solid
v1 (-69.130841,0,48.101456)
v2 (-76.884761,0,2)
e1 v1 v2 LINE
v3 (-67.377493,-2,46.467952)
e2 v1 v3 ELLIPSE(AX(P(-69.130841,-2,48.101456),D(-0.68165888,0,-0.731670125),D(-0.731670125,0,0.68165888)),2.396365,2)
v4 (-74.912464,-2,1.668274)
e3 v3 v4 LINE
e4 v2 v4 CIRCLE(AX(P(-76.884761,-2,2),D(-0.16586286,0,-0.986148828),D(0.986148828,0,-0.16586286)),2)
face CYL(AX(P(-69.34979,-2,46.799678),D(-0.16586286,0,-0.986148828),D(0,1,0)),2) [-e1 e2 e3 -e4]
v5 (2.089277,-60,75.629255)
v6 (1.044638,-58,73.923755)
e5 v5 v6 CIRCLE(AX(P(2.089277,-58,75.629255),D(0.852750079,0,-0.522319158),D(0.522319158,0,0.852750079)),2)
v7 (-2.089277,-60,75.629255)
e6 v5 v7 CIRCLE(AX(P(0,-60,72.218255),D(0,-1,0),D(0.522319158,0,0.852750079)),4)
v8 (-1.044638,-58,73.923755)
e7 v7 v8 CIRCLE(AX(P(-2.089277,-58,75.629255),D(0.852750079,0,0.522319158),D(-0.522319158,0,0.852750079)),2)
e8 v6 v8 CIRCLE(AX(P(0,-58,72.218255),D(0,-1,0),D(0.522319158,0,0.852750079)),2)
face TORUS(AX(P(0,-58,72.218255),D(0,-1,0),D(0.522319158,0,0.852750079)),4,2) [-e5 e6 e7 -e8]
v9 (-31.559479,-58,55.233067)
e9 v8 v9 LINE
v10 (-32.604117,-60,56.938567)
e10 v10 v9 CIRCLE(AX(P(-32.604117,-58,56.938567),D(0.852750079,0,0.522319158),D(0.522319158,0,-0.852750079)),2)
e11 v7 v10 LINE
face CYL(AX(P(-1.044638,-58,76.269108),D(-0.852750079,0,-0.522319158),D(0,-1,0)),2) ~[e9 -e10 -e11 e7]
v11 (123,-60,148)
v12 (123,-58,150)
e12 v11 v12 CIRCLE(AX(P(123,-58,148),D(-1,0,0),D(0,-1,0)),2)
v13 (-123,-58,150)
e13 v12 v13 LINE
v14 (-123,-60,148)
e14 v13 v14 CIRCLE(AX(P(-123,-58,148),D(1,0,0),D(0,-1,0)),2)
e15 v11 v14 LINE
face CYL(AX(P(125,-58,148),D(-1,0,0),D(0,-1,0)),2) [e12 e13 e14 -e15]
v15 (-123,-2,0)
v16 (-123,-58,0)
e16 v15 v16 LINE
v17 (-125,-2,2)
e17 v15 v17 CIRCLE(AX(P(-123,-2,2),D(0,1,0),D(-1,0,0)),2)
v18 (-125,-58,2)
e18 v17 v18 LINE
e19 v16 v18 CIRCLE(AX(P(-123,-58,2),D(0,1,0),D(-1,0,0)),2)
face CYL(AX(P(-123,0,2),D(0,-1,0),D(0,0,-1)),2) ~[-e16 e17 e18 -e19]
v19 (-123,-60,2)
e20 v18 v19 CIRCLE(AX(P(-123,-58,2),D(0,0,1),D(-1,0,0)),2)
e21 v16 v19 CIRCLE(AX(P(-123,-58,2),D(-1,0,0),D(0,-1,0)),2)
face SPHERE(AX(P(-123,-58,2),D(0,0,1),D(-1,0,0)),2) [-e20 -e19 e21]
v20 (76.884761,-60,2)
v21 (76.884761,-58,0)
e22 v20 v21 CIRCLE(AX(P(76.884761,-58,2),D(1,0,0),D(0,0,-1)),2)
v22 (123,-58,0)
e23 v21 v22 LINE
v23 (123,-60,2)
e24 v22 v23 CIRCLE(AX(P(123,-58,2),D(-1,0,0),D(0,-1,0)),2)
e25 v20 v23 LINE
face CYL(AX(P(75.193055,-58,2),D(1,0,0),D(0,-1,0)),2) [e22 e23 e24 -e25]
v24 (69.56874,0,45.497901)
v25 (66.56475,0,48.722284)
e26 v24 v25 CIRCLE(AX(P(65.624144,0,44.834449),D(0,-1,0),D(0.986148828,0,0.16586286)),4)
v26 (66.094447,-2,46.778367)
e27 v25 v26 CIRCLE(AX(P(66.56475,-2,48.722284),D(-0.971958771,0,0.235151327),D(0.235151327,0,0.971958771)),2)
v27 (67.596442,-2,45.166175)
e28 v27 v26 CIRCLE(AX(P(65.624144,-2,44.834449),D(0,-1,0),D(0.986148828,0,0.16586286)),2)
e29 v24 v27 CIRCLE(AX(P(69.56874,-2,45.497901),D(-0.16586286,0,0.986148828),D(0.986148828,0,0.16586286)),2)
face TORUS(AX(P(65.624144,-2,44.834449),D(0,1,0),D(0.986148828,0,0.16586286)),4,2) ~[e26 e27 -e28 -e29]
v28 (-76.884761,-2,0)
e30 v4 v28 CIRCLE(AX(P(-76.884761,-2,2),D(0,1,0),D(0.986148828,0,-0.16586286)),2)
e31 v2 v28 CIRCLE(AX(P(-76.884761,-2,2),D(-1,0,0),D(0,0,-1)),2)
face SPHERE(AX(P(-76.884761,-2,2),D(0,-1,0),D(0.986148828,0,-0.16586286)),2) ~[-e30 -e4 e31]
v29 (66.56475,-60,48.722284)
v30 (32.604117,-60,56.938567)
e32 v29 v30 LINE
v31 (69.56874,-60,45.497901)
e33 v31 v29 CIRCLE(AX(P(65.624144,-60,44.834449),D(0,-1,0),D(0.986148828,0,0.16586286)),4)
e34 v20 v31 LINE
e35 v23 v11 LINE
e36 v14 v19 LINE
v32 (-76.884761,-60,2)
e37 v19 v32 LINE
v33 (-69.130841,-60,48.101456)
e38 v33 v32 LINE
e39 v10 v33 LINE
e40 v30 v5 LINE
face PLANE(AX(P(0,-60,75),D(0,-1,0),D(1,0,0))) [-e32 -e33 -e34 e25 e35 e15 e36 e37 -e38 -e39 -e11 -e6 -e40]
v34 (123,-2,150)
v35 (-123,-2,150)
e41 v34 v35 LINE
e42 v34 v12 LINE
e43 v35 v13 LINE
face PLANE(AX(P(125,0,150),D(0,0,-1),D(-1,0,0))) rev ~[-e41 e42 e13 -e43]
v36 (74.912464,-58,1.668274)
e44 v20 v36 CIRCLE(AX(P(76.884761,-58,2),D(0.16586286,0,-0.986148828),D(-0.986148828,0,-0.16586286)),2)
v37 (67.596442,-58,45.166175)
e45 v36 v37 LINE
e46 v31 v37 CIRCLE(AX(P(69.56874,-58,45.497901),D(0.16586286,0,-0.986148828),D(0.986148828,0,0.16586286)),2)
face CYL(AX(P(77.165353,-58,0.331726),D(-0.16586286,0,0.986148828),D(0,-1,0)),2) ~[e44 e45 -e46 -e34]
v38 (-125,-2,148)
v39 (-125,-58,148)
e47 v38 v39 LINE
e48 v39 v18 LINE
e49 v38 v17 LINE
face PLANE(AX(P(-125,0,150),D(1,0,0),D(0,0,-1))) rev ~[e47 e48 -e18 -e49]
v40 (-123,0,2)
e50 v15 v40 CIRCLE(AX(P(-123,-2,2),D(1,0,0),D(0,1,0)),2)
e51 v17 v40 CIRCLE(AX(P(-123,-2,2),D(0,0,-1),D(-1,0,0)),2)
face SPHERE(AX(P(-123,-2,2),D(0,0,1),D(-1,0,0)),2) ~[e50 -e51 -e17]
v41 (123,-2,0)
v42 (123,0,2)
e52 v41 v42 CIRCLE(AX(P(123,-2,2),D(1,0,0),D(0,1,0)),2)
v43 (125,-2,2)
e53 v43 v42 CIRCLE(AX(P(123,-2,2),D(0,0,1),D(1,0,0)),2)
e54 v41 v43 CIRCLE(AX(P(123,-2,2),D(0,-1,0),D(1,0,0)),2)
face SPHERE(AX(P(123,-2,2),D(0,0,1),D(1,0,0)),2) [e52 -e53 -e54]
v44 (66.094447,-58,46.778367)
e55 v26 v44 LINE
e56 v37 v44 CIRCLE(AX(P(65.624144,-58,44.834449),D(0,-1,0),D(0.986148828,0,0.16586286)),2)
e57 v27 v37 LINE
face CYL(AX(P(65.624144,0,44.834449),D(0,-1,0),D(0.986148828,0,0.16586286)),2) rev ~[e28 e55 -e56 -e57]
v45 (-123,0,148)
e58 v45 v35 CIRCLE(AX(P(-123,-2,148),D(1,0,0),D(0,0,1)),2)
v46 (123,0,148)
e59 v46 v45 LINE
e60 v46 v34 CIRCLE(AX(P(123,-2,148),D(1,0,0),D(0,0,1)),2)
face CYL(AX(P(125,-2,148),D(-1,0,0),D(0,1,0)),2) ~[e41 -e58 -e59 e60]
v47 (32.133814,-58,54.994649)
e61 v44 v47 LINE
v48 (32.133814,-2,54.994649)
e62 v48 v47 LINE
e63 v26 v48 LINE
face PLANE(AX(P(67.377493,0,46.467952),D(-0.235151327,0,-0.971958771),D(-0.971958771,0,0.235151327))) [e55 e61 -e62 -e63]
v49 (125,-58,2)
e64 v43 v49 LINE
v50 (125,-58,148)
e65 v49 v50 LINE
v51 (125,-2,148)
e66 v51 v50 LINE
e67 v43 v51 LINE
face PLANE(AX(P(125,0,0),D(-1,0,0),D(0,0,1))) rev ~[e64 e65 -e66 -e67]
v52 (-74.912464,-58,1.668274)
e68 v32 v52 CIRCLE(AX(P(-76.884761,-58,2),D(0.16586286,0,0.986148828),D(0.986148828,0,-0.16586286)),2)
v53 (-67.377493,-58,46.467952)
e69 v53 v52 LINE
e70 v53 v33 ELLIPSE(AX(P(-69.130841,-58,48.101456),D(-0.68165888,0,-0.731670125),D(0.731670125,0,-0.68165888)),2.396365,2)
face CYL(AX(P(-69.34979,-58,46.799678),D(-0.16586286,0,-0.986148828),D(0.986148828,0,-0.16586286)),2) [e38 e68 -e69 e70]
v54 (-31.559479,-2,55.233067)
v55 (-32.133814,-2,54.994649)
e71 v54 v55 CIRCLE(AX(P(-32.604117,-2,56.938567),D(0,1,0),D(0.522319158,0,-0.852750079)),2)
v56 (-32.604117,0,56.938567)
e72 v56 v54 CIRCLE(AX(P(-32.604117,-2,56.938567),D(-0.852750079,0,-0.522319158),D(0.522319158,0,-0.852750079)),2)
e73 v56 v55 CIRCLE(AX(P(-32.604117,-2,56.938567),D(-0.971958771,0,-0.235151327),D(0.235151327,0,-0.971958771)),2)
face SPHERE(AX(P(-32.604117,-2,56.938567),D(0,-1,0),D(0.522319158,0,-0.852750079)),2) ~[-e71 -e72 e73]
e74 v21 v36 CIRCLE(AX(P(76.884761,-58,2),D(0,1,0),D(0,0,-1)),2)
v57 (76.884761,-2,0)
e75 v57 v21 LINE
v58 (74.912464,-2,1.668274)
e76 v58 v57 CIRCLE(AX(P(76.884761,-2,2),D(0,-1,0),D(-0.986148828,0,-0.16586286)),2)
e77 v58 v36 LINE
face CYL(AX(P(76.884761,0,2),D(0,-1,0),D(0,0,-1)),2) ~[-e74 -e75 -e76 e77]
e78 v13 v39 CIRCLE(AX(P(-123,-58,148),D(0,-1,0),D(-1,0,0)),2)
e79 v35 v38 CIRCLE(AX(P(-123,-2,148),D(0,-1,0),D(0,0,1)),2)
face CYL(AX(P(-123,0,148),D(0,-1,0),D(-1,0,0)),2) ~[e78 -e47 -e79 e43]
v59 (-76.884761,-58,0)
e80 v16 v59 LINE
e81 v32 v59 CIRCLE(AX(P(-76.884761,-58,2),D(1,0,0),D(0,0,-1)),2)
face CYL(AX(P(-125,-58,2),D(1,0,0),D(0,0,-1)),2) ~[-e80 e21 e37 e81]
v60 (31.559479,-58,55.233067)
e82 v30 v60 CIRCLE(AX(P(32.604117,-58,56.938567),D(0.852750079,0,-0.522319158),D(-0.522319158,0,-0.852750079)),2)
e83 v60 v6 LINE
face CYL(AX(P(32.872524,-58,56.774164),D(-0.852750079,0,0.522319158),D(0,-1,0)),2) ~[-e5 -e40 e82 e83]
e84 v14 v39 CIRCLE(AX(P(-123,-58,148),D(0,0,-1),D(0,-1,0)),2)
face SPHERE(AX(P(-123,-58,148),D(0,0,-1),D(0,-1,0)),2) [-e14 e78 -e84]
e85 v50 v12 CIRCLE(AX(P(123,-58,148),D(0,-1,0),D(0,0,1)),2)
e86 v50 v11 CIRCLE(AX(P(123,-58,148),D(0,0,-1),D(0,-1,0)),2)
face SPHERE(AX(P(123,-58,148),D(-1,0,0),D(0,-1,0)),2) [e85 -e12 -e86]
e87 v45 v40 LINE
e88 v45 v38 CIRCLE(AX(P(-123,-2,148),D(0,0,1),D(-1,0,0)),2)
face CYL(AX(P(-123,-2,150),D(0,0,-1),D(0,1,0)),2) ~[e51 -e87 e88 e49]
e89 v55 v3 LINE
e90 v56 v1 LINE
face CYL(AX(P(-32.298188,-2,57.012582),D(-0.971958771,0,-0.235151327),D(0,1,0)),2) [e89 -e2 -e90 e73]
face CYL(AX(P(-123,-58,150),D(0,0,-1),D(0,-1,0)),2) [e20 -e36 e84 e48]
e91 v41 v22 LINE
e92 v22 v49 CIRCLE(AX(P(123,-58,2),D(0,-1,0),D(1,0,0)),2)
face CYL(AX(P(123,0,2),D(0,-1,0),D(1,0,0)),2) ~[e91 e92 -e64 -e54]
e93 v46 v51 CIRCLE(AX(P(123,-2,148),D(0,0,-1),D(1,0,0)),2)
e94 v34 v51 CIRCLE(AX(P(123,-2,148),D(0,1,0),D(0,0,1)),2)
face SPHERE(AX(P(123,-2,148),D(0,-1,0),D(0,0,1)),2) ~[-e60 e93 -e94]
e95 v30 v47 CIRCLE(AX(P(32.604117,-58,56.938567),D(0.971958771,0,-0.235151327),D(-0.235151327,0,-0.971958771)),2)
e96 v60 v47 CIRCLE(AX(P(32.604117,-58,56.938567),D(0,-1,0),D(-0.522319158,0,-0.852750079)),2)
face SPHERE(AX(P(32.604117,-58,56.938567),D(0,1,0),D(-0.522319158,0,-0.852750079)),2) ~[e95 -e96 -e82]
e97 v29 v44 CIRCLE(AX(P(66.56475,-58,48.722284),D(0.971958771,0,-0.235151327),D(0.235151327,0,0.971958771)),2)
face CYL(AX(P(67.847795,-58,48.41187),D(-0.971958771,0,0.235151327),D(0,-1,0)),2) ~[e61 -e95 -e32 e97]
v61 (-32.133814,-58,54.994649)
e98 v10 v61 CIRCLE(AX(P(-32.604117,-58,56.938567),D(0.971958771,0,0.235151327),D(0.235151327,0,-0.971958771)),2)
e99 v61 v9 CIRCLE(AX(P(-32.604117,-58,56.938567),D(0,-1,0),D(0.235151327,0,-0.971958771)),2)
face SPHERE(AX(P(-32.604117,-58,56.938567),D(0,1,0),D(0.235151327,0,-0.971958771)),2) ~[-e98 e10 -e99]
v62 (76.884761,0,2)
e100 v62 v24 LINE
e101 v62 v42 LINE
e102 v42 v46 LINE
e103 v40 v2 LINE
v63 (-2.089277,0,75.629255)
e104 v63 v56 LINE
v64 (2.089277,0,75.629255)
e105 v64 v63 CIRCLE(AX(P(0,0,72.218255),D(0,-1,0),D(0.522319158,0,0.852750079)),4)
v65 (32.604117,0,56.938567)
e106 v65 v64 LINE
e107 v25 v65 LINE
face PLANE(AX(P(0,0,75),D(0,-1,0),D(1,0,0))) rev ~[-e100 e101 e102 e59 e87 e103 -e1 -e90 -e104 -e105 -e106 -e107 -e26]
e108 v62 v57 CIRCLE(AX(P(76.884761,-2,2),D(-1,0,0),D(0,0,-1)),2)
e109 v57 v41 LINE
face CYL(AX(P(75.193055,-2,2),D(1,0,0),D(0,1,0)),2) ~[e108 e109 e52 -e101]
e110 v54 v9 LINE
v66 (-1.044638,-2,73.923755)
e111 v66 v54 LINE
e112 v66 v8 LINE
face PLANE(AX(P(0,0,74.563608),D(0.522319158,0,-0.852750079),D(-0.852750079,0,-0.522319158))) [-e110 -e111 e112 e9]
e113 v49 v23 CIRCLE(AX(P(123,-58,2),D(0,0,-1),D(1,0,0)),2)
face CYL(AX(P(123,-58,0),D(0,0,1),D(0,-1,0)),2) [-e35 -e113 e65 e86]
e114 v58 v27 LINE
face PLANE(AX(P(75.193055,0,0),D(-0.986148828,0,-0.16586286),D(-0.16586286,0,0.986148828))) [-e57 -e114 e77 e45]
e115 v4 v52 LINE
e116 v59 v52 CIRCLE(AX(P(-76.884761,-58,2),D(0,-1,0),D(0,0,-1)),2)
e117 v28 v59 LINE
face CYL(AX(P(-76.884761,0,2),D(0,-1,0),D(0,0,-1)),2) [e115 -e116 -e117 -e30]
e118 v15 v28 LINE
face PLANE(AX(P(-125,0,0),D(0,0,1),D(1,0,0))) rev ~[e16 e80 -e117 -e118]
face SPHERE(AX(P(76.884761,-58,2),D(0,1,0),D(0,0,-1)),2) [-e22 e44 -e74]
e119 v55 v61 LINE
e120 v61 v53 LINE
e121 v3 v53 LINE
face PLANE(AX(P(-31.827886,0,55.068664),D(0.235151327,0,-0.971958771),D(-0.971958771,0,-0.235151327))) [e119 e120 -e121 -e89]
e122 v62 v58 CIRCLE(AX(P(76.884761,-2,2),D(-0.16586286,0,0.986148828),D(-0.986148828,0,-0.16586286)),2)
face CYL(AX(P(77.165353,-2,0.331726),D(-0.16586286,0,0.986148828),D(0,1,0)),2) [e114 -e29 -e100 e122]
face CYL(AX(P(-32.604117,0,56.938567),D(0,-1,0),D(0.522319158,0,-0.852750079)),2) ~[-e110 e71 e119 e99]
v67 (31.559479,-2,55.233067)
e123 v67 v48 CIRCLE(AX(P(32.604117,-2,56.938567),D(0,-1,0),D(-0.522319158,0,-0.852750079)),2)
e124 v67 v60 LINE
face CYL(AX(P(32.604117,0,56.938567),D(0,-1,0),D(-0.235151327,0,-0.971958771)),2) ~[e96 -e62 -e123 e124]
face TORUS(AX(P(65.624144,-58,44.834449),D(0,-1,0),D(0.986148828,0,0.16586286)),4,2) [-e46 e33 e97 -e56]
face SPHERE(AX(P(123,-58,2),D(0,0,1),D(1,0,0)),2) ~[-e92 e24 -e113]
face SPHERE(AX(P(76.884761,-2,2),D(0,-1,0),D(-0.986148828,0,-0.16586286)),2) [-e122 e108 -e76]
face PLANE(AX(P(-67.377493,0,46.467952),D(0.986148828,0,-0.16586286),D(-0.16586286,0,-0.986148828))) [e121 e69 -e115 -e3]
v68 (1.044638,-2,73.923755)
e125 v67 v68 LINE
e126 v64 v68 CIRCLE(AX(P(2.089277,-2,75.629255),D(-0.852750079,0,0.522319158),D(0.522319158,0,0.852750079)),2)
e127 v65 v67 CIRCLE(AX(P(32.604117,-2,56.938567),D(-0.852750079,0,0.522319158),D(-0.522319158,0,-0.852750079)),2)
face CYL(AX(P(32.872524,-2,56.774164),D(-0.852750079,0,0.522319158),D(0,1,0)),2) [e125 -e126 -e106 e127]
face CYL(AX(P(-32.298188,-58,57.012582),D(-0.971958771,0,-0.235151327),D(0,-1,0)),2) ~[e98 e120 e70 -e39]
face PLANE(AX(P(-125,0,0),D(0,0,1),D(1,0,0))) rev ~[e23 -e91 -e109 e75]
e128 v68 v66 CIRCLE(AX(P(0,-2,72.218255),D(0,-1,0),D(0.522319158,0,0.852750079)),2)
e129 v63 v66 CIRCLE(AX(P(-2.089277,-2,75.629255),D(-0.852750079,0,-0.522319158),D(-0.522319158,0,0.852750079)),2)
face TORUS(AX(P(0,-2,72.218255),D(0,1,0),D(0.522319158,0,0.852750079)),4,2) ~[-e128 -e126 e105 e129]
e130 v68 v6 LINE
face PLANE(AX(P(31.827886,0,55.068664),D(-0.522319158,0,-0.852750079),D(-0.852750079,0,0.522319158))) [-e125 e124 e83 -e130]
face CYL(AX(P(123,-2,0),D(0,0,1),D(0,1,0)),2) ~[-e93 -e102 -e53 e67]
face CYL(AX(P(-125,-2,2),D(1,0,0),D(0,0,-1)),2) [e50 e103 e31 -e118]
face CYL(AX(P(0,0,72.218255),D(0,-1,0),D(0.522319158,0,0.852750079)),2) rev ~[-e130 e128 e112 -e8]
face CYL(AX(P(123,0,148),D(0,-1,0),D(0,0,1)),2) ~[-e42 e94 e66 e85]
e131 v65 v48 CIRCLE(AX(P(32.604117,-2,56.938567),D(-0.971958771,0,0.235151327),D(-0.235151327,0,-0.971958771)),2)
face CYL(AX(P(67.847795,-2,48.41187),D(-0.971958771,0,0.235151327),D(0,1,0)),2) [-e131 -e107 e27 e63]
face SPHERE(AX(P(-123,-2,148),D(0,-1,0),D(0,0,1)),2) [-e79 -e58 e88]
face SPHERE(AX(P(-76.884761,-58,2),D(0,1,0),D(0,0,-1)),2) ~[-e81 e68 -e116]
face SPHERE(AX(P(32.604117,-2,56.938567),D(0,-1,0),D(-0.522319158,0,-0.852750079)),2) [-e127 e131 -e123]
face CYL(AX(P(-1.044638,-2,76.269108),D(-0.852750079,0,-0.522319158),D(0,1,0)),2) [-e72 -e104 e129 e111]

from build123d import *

# Parameters (mm, degrees)
F1_DEPTH = 60
F3_DEPTH = 60
F4_R     = 2


with BuildPart() as f1:
    # F0 (on Front) → F1 (new body)
    with BuildSketch(Plane.XZ):
        Polygon((-125, 0), (0, 0), (125, 0), (125, 150), (-125, 150), align=None)
    extrude(amount=F1_DEPTH)

    # F2 (on Front) → F3 (cut)
    with BuildSketch(Plane.XZ):
        Polygon((-67.3774927855, 46.4679524302), (-75.1930549741, 0), (75.1930549741, 0), (67.3774927855, 46.4679524302), (31.8278856575, 55.0686642528), (0, 74.5636075735), (-31.8278856575, 55.0686642528), align=None)
    extrude(amount=F3_DEPTH, mode=Mode.SUBTRACT)

    # F4
    f4_edges = [f1.edges().sort_by_distance(p)[0] for p in [
        (-125, -60, 75),
        (0, -60, 150),
        (125, -60, 75),
        (-125, -30, 150),
        (125, -30, 150),
        (0, 0, 150),
        (-125, 0, 75),
        (-125, -30, 0),
        (125, 0, 75),
        (125, -30, 0),
        (100.096527, 0, 0),
        (75.193055, -30, 0),
        (100.096527, -60, 0),
        (-100.096527, -60, 0),
        (-71.285274, -60, 23.233976),
        (-49.602689, -60, 50.768308),
        (-15.913943, -60, 64.816136),
        (31.827886, -30, 55.068664),
        (-31.827886, -30, 55.068664),
        (0, -30, 74.563608),
        (15.913943, -60, 64.816136),
        (49.602689, -60, 50.768308),
        (67.377493, -30, 46.467952),
        (71.285274, -60, 23.233976),
        (-100.096527, 0, 0),
        (-75.193055, -30, 0),
        (71.285274, 0, 23.233976),
        (15.913943, 0, 64.816136),
        (49.602689, 0, 50.768308),
        (-15.913943, 0, 64.816136),
        (-49.602689, 0, 50.768308),
        (-71.285274, 0, 23.233976),
    ]]
    fillet(f4_edges, radius=F4_R)


solid = f1.part
